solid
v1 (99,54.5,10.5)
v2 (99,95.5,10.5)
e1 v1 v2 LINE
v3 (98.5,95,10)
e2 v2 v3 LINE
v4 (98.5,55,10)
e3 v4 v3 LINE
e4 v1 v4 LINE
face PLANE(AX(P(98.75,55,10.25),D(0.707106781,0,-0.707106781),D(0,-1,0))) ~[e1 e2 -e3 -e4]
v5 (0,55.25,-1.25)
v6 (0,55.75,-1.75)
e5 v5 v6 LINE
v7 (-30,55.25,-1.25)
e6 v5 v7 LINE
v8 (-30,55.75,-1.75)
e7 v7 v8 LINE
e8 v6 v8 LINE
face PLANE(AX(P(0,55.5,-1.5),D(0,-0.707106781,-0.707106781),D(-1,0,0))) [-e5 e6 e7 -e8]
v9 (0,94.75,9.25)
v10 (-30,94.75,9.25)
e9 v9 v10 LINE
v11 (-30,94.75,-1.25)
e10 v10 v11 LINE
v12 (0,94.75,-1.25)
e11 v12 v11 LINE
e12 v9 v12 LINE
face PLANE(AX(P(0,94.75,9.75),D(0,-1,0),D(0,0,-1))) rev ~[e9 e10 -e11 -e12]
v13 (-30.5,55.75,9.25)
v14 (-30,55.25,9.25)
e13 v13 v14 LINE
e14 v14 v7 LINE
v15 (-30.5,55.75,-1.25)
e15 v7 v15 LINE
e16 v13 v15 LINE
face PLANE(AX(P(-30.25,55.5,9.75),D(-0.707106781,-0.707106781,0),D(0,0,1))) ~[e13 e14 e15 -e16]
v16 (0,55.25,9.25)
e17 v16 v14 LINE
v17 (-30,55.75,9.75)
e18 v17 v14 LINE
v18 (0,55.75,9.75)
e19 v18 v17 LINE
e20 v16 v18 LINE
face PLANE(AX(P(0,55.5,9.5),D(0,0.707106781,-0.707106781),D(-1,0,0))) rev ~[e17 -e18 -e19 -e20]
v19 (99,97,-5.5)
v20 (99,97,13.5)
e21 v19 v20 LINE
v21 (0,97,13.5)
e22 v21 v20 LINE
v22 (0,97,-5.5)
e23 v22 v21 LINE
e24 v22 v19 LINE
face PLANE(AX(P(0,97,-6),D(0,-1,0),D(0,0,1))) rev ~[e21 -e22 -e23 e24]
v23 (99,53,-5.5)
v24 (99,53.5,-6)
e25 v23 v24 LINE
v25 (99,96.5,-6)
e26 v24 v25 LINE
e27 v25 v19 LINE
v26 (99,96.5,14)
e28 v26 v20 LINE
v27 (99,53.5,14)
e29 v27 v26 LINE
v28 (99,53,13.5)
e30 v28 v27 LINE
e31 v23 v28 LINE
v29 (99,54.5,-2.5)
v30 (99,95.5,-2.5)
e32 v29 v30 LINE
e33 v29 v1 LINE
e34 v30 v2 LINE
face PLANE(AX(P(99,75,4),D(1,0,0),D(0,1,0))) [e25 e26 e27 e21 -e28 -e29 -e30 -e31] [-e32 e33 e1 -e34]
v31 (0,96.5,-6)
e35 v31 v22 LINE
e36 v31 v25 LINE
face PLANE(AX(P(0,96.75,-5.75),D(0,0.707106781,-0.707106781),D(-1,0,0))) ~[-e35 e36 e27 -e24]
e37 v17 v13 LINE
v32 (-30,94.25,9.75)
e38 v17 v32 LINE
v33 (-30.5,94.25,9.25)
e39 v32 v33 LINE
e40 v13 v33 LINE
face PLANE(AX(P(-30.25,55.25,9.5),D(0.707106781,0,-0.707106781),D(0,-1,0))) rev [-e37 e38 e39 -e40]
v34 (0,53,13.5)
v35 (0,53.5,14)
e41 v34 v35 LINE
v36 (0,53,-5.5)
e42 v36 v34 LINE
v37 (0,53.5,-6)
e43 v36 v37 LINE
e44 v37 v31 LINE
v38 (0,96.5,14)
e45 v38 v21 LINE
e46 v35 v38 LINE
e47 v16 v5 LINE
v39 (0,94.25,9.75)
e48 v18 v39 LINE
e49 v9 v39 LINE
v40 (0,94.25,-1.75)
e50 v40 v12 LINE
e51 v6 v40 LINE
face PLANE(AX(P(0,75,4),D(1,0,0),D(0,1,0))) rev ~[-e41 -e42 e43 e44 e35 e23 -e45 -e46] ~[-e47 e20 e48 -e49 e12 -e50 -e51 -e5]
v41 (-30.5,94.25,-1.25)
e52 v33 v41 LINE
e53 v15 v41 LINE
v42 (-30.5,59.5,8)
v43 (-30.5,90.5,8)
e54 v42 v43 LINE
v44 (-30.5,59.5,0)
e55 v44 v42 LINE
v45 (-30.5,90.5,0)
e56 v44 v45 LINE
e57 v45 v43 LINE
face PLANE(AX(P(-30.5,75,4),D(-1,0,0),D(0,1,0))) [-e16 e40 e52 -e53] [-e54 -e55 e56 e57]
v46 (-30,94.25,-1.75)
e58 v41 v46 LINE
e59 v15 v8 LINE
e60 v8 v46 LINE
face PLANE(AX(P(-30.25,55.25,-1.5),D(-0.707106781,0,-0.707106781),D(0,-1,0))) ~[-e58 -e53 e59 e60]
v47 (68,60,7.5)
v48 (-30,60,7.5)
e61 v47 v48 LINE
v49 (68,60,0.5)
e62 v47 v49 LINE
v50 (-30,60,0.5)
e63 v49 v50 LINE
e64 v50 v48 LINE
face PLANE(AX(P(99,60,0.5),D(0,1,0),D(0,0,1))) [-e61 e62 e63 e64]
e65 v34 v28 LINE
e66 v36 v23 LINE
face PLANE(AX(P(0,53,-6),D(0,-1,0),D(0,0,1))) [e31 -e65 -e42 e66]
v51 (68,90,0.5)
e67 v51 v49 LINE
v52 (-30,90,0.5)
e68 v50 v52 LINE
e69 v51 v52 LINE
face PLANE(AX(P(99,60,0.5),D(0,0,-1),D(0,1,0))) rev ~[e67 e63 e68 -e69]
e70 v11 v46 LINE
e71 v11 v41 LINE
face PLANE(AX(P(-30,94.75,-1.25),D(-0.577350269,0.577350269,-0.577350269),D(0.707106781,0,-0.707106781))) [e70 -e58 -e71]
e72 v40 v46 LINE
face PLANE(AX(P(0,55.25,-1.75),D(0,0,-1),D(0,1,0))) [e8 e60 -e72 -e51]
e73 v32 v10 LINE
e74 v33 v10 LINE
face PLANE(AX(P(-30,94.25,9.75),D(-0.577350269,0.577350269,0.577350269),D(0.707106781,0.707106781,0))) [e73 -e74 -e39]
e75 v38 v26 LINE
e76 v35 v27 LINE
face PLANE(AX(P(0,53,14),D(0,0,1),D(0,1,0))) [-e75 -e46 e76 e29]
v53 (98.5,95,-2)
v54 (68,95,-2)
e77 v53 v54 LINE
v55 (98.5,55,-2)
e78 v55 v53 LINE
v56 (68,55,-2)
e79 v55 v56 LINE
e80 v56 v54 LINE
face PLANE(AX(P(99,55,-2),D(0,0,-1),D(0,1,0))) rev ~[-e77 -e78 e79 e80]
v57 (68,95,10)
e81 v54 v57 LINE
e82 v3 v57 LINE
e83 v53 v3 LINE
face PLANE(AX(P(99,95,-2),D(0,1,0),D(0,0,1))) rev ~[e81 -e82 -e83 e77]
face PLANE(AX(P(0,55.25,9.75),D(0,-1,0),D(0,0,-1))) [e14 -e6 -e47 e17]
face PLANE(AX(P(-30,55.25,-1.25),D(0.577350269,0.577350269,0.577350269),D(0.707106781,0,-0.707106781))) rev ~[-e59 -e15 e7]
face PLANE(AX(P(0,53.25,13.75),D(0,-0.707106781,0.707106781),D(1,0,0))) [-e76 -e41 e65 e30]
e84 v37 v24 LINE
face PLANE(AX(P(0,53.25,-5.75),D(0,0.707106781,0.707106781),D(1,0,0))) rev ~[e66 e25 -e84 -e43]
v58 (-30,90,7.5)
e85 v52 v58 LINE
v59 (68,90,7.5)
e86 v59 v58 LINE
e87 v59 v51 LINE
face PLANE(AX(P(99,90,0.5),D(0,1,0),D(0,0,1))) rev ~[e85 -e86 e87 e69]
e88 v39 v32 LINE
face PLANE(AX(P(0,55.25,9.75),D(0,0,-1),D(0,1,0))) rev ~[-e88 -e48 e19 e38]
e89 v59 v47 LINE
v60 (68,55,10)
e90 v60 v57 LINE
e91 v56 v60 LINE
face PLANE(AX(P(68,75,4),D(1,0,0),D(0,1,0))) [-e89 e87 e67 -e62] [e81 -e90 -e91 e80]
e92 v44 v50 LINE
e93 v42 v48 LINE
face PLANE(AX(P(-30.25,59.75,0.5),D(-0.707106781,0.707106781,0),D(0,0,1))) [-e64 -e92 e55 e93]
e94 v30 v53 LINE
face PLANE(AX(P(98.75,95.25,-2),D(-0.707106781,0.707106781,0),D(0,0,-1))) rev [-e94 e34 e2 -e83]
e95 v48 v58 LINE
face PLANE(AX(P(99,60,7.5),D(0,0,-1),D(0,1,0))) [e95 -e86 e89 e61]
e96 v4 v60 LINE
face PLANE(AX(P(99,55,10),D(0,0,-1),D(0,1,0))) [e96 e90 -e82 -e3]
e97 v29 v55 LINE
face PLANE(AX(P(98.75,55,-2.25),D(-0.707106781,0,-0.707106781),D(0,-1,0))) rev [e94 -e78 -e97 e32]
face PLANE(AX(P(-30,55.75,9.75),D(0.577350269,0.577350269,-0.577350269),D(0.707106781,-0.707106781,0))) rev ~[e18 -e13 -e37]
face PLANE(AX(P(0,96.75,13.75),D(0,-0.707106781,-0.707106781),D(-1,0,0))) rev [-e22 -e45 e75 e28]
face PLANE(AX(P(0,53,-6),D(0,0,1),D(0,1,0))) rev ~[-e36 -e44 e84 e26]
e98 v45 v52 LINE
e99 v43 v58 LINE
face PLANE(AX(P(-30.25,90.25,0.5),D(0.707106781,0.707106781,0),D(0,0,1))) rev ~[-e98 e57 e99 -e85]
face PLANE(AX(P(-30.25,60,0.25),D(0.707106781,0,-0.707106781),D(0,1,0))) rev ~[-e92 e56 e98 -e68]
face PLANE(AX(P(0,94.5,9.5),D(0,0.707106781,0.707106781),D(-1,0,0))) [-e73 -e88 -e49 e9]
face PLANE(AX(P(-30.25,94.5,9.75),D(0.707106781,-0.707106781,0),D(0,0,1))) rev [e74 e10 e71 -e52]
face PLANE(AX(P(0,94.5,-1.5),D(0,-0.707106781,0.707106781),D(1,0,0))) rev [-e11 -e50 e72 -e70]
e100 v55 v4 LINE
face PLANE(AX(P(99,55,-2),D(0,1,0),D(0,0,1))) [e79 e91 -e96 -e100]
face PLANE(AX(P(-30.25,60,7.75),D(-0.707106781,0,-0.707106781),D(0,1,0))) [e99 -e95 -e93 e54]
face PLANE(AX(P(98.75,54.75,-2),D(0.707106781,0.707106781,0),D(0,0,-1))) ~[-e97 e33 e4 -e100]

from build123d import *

# Parameters (mm, degrees)
SKETCH086_W     = 44
SKETCH086_H     = 20
PAD047_DEPTH    = 99
SKETCH087_W     = 39.5
SKETCH087_H     = 11.5
PAD048_DEPTH    = 30.5
SKETCH088_W     = 30
SKETCH088_H     = 7
POCKET031_DEPTH = 129.5
SKETCH089_W     = 40
SKETCH089_H     = 12
POCKET032_DEPTH = 31
CHAMFER051_SIZE = 0.5
CHAMFER052_SIZE = 0.5
CHAMFER053_SIZE = 0.5


with BuildPart() as part:
    # Sketch086 → Pad047 (new body)
    with BuildSketch(Plane.YZ):
        Rectangle(SKETCH086_W, SKETCH086_H)
    extrude(amount=PAD047_DEPTH)

    # Sketch087 (on Face5 of Pad047) → Pad048 (join)
    with BuildSketch(Plane(origin=(0, 0, 0), x_dir=(0, 1, 0), z_dir=(-1, 0, 0))):
        Rectangle(SKETCH087_W, SKETCH087_H)
    extrude(amount=PAD048_DEPTH)

    # Sketch088 (on Face5 of Pad048) → Pocket031 (cut)
    with BuildSketch(Plane.YZ.offset(99)):
        Rectangle(SKETCH088_W, SKETCH088_H)
    extrude(amount=-POCKET031_DEPTH, mode=Mode.SUBTRACT)

    # Sketch089 (on Face5 of Pocket031) → Pocket032 (cut)
    with BuildSketch(Plane.YZ.offset(99)):
        Rectangle(SKETCH089_W, SKETCH089_H)
    extrude(amount=-POCKET032_DEPTH, mode=Mode.SUBTRACT)

    # Chamfer051
    chamfer051_edges = [part.edges().sort_by_distance(p)[0] for p in [
        (-30.5, 0, -5.75),
        (-30.5, -19.75, 0),
        (-30.5, 19.75, 0),
        (-30.5, 0, 5.75),
        (-30.5, -15, 0),
        (-30.5, 0, -3.5),
        (-30.5, 15, 0),
        (-30.5, 0, 3.5),
        (-15.25, 19.75, 5.75),
        (-15.25, -19.75, 5.75),
        (-15.25, 19.75, -5.75),
        (-15.25, -19.75, -5.75),
    ]]
    chamfer(chamfer051_edges, length=CHAMFER051_SIZE)

    # Chamfer052
    chamfer052_edges = [part.edges().sort_by_distance(p)[0] for p in [
        (99, 0, 6),
        (99, -20, 0),
        (99, 0, -6),
        (99, 20, 0),
    ]]
    chamfer(chamfer052_edges, length=CHAMFER052_SIZE)

    # Chamfer053
    chamfer053_edges = [part.edges().sort_by_distance(p)[0] for p in [
        (49.5, -22, 10),
        (49.5, -22, -10),
        (49.5, 22, 10),
        (49.5, 22, -10),
    ]]
    chamfer(chamfer053_edges, length=CHAMFER053_SIZE)


with BuildPart() as part_1:
    # Body016 placement: moved
    add(part.part.moved(Location((0, 75, 4))))


solid = part_1.part
